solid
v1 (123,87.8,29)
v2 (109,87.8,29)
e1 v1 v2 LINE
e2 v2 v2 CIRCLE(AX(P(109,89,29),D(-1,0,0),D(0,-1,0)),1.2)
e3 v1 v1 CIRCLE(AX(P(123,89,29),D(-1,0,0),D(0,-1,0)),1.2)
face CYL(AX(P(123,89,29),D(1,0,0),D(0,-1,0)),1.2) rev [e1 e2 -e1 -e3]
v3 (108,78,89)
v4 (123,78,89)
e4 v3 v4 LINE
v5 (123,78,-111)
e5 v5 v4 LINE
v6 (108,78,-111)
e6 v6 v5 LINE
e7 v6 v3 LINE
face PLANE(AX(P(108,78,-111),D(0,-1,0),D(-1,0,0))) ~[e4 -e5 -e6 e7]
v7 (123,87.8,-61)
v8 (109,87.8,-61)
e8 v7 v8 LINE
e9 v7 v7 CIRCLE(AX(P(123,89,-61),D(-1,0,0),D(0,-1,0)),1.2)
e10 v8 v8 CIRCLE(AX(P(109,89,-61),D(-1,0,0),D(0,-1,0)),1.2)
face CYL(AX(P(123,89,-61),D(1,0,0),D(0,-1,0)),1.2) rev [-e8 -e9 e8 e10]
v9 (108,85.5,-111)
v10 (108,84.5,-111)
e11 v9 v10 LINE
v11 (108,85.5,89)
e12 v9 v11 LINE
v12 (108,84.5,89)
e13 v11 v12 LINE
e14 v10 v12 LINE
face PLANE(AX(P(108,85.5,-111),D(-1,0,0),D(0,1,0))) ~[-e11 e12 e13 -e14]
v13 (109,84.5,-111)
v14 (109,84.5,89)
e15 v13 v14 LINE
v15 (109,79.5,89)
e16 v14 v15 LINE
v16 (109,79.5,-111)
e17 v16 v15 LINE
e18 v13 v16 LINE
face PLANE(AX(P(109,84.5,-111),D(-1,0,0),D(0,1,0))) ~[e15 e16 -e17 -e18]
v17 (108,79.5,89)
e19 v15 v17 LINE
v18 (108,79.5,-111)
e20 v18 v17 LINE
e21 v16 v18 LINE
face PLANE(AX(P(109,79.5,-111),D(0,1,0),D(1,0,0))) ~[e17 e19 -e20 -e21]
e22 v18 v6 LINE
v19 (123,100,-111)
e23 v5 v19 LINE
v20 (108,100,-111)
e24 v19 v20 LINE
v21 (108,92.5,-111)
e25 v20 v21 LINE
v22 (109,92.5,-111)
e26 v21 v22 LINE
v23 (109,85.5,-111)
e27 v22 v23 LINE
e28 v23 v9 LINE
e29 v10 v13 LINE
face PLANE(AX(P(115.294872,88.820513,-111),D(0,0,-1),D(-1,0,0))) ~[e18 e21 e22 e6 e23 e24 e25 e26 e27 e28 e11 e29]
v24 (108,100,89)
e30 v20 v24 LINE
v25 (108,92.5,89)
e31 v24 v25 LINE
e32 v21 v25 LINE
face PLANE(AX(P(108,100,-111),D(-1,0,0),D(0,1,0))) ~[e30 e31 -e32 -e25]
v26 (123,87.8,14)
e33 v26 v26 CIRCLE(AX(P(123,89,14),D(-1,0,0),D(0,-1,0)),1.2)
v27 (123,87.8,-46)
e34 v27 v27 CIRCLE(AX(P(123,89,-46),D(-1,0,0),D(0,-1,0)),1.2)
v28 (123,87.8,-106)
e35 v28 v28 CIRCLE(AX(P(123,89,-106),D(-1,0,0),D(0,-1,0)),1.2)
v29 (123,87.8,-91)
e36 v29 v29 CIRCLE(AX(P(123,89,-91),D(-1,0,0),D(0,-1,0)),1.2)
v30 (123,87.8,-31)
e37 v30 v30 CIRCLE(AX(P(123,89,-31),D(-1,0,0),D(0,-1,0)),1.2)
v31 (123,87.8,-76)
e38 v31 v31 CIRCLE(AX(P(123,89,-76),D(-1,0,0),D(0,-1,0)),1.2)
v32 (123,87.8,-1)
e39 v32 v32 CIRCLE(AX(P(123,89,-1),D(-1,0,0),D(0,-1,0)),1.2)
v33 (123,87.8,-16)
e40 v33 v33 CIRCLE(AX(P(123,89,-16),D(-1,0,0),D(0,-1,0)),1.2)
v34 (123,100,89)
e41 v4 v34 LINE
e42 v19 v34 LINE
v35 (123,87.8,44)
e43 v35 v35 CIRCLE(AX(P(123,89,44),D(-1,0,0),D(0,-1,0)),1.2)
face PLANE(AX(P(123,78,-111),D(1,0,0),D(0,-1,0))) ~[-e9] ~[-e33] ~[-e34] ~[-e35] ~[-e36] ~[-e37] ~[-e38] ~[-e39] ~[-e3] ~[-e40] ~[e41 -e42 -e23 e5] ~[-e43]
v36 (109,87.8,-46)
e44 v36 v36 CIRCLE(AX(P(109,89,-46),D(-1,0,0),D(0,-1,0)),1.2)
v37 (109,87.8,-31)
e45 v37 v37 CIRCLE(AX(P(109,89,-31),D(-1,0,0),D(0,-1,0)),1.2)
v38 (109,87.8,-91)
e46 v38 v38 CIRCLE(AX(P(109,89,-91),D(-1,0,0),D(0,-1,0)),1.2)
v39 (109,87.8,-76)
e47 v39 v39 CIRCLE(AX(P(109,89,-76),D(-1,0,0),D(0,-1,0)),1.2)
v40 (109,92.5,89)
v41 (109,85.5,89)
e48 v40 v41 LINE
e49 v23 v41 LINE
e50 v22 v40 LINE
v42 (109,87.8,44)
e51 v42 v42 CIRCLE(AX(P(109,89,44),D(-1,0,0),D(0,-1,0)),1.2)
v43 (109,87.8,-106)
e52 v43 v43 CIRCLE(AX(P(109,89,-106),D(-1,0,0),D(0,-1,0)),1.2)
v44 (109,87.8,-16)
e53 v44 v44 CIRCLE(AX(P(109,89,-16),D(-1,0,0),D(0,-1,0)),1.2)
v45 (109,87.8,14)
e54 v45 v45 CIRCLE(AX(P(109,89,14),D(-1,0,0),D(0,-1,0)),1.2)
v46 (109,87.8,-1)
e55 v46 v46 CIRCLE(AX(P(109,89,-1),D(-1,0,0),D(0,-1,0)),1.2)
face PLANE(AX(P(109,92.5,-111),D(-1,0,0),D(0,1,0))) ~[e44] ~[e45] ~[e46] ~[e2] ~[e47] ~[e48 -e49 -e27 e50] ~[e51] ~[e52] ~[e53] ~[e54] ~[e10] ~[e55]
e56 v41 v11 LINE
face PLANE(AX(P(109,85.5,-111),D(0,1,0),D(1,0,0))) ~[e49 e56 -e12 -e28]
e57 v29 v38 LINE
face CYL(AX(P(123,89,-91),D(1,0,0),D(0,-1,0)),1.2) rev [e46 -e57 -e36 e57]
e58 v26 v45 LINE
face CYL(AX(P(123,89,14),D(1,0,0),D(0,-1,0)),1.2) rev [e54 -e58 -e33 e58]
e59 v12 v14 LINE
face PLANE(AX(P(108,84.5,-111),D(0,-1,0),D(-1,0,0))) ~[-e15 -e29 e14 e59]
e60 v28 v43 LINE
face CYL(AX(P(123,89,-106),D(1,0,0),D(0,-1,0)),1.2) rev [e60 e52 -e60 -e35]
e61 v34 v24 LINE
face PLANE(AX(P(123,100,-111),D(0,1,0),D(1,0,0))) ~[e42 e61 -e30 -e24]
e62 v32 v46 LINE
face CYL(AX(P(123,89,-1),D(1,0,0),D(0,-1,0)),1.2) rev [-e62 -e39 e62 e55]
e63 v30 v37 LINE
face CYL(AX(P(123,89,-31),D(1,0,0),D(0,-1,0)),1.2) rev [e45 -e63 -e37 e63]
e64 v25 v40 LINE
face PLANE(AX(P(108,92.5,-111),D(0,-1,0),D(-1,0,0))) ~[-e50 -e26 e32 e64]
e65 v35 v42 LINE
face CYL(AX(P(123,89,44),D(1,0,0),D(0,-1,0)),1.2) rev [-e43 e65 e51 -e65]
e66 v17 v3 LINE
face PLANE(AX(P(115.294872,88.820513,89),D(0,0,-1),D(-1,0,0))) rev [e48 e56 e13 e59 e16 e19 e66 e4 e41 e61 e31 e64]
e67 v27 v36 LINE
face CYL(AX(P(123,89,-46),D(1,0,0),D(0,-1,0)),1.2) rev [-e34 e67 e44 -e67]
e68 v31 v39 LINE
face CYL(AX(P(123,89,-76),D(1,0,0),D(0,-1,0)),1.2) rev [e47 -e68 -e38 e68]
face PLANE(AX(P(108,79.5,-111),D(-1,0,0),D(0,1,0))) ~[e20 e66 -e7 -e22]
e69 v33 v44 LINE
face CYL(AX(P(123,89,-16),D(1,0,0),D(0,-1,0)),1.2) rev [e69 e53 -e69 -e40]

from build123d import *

# Parameters (mm, degrees)
PAD019_DEPTH    = 200
SKETCH043_R     = 1.2
POCKET023_DEPTH = 15


with BuildPart() as body010:
    # Sketch042 → Pad019 (new body)
    with BuildSketch(Plane.XY):
        Polygon((0, 22), (15, 22), (15, 14.5), (14, 14.5), (14, 7.5), (15, 7.5), (15, 6.5), (14, 6.5), (14, 1.5), (15, 1.5), (15, 0), (0, 0), align=None)
    extrude(amount=PAD019_DEPTH)

    # Sketch043 (on Face7 of Pad019) → Pocket023 (cut)
    with BuildSketch(Plane(origin=(0, 0, 0), x_dir=(0, -1, 0), z_dir=(-1, 0, 0))):
        with Locations((-11, 5)):
            Circle(SKETCH043_R)
        with Locations((-11, 35)):
            Circle(SKETCH043_R)
        with Locations((-11, 65)):
            Circle(SKETCH043_R)
        with Locations((-11, 110)):
            Circle(SKETCH043_R)
        with Locations((-11, 95)):
            Circle(SKETCH043_R)
        with Locations((-11, 80)):
            Circle(SKETCH043_R)
        with Locations((-11, 50)):
            Circle(SKETCH043_R)
        with Locations((-11, 20)):
            Circle(SKETCH043_R)
        with Locations((-11, 140)):
            Circle(SKETCH043_R)
        with Locations((-11, 125)):
            Circle(SKETCH043_R)
        with Locations((-11, 155)):
            Circle(SKETCH043_R)
    extrude(amount=-POCKET023_DEPTH, mode=Mode.SUBTRACT)


with BuildPart() as body010_1:
    # Body010 placement: moved
    add(body010.part.moved(Location((-123, 78, -111))))


with BuildPart() as part_mirroring001:
    # Part__Mirroring001: instance of Body010
    add(body010_1.part.mirror(Plane(origin=(0, 0, 0), x_dir=(0, -1, 0), z_dir=(1, 0, 0))))


solid = part_mirroring001.part
